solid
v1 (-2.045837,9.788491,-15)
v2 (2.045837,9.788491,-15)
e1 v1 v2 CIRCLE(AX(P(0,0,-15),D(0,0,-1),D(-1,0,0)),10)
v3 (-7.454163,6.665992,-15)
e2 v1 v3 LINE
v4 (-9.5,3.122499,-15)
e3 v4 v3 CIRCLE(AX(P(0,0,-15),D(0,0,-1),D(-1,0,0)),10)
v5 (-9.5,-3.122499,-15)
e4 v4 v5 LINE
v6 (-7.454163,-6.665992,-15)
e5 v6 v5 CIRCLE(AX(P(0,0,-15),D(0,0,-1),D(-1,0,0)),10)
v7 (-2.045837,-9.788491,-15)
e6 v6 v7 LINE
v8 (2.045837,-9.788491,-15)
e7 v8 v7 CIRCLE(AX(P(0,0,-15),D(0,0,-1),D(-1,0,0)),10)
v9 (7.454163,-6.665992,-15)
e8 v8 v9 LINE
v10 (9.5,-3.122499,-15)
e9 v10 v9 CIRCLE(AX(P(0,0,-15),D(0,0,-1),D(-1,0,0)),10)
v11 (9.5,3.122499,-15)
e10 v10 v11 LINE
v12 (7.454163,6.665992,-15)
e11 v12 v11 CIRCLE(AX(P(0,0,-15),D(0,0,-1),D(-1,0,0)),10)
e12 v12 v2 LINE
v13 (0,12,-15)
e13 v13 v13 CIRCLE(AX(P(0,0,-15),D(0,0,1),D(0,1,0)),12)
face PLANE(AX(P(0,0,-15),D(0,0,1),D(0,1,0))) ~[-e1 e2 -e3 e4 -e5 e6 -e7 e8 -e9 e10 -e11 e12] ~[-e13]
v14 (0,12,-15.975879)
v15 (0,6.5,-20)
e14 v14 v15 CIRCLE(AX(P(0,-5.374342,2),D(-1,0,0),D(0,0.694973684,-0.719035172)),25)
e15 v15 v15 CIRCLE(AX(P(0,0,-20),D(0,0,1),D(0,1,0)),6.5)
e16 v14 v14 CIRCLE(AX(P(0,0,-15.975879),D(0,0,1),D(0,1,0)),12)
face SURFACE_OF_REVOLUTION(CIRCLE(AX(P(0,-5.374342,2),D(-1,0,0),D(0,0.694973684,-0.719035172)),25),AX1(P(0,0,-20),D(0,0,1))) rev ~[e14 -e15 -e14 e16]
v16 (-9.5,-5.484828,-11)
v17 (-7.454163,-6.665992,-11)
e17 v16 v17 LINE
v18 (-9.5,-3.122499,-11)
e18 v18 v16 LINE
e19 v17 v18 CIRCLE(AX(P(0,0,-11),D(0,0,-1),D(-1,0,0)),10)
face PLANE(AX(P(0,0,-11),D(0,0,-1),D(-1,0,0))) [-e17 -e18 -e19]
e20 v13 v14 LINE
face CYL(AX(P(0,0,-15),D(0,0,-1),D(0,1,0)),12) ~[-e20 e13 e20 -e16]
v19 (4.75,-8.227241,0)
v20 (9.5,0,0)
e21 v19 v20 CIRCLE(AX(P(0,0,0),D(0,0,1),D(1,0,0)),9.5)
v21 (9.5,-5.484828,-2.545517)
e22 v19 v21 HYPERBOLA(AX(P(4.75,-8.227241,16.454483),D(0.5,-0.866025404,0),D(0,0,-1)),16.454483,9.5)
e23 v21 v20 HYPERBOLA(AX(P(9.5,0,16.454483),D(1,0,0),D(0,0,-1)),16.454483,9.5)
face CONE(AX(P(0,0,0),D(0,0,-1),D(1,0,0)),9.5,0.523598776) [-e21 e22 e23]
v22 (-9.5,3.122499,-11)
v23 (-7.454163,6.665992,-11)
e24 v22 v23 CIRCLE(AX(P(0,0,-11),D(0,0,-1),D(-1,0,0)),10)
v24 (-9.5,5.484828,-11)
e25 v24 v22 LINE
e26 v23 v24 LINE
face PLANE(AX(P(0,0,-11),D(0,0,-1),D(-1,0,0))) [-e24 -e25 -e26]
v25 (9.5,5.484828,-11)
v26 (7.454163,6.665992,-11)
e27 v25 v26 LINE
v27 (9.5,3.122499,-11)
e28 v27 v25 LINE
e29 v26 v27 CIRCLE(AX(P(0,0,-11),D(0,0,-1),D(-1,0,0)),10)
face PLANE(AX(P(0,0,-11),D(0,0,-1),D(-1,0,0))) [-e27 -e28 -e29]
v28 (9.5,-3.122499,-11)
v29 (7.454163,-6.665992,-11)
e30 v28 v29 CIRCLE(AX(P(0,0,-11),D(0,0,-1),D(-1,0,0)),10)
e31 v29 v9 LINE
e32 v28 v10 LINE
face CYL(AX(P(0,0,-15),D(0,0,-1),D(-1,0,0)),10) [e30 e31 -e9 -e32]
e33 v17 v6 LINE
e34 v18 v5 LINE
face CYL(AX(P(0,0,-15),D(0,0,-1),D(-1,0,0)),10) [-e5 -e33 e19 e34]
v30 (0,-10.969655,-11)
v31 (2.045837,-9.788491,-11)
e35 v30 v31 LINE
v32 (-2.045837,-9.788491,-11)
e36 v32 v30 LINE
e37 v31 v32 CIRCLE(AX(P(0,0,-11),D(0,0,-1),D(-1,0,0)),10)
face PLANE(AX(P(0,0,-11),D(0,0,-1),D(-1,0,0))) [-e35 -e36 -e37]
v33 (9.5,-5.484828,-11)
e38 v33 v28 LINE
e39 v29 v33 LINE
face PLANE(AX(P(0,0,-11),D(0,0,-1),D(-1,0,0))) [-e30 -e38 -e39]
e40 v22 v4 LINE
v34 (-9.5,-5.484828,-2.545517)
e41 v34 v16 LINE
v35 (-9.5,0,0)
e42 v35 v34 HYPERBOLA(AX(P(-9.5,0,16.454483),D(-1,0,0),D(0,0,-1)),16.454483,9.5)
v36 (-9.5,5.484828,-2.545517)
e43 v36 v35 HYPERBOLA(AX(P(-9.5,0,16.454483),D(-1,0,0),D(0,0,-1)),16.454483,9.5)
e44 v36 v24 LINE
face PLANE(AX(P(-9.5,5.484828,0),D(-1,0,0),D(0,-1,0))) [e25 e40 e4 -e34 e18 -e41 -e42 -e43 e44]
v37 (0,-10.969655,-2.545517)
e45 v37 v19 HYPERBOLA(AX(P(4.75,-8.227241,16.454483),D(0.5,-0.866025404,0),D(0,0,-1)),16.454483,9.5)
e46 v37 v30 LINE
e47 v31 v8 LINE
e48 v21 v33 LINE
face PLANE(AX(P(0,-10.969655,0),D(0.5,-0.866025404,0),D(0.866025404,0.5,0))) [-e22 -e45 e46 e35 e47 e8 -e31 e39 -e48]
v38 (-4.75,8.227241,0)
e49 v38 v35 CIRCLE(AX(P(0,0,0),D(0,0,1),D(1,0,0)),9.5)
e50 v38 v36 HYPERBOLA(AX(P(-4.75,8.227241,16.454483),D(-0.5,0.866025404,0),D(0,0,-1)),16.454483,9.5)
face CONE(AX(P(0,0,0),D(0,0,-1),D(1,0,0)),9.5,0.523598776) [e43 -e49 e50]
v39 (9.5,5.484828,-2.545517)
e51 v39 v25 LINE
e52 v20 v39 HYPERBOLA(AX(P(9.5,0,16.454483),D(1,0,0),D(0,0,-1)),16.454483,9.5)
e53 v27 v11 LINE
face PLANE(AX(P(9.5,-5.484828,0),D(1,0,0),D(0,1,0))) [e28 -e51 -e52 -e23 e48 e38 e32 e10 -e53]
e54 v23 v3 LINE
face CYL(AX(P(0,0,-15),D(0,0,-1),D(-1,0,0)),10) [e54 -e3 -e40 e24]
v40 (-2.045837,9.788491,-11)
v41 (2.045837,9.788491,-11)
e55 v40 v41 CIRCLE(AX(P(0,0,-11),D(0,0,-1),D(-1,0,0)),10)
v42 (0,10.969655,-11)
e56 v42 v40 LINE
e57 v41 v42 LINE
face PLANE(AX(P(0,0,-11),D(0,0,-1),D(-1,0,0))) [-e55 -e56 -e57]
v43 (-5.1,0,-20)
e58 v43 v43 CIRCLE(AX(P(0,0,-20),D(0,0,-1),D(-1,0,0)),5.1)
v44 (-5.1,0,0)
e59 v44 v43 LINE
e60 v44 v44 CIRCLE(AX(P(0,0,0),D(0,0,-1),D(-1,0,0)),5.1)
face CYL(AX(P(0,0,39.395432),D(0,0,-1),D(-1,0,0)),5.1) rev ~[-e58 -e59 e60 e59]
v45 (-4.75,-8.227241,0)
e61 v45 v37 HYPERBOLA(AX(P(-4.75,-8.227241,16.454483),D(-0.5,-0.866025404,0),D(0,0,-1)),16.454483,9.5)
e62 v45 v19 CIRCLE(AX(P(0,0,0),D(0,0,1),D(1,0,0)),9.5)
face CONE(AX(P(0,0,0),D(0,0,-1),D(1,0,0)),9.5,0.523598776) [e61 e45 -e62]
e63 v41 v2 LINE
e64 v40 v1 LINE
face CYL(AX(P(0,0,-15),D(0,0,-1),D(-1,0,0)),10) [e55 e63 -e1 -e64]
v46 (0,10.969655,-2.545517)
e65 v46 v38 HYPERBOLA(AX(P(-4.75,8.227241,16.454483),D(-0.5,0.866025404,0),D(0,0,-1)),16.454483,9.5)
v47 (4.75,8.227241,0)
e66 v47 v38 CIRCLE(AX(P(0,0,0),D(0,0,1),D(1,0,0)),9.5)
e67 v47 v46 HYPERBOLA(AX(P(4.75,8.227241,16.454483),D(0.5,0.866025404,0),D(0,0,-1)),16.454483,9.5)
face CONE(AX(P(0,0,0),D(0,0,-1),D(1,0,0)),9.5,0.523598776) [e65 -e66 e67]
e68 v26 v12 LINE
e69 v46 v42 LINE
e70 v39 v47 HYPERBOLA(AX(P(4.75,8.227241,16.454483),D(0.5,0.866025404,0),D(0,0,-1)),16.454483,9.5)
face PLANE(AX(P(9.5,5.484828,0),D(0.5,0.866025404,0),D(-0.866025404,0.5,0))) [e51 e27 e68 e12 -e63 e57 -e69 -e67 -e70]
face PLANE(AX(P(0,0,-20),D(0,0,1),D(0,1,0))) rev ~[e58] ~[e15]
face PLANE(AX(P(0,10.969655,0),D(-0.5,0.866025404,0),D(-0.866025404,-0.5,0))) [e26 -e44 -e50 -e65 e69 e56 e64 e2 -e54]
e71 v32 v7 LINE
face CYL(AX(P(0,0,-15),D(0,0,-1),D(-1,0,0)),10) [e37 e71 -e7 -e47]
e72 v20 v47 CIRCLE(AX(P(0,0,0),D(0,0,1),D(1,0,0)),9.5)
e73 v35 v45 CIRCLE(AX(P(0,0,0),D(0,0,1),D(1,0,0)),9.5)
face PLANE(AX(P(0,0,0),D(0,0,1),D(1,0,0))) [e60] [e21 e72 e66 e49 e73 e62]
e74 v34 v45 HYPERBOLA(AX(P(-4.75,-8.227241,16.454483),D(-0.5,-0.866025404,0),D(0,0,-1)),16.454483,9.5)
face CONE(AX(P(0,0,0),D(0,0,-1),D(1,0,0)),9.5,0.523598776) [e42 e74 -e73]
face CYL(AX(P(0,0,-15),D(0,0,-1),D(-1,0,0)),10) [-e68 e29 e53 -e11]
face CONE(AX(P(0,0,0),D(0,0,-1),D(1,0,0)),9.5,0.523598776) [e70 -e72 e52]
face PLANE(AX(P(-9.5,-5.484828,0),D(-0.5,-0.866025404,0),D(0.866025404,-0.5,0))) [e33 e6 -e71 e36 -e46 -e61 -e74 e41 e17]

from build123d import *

# Parameters (mm, degrees)
EXTRUDE_1_DEPTH     = 15
SKETCH_2_OUTSIDE_W  = 27.534
SKETCH_2_OUTSIDE_H  = 30.474
SKETCH_2_OUTSIDE_R  = 10
CUT_EXTRUDE_1_DEPTH = 4
SKETCH_4_OUTSIDE_W  = 65.322
SKETCH_4_OUTSIDE_H  = 65.322
SKETCH_4_OUTSIDE_R  = 9.5
CUT_EXTRUDE_2_DEPTH = 27.229754265
CUT_EXTRUDE_2_DRAFT = -30
HOLE_WIZARD_M12_1_D = 10.2


with BuildPart() as part:
    # 草图1 → 凸台-拉伸1 (new body)
    with BuildSketch(Plane.XY):
        Polygon((0, 10.969655115), (-9.5, 5.484827557), (-9.5, -5.484827557), (0, -10.969655115), (9.5, -5.484827557), (9.5, 5.484827557), align=None)
    extrude(amount=-EXTRUDE_1_DEPTH)

    # 草图2 outside → 切除-拉伸1 (cut)
    with BuildSketch(Plane(origin=(0, 0, -15), x_dir=(-1, 0, 0), z_dir=(0, 0, -1))):
        Rectangle(SKETCH_2_OUTSIDE_W, SKETCH_2_OUTSIDE_H)
        Circle(SKETCH_2_OUTSIDE_R, mode=Mode.SUBTRACT)
    extrude(amount=-CUT_EXTRUDE_1_DEPTH, mode=Mode.SUBTRACT)

    # 草图3 → 旋转1 (revolve)
    with BuildSketch(Plane(origin=(0, 0, 0), x_dir=(0, 0, -1), z_dir=(1, 0, 0))):
        with BuildLine():
            Line((15, 0), (15, 12))
            Line((15, 12), (15.975879312, 12))
            ThreePointArc((15.975879312, 12), (18.176229373, 9.387763735), (20, 6.5))
            Line((20, 6.5), (20, 0))
            Line((20, 0), (15, 0))
        make_face()
    revolve(axis=Axis((0, 0, -20), (0, 0, 1)))


with BuildPart() as cut_extrude_2_tool:
    # 草图4 outside → 切除-拉伸2 (with draft: the straight prism first)
    with BuildSketch(Plane.XY):
        Rectangle(SKETCH_4_OUTSIDE_W, SKETCH_4_OUTSIDE_H)
        Circle(SKETCH_4_OUTSIDE_R, mode=Mode.SUBTRACT)
    extrude(amount=-CUT_EXTRUDE_2_DEPTH)
    # 切除-拉伸2: the draft: its side faces are tilted about the plane it starts from
    cut_extrude_2_sides = [cut_extrude_2_tool.faces().sort_by_distance(p)[0] for p in [
        (0, -32.661, -13.614877132),
        (32.661, 0, -13.614877132),
        (0, 32.661, -13.614877132),
        (-32.661, 0, -13.614877132),
        (-9.5, 0, -13.614877132),
    ]]
    draft(cut_extrude_2_sides, Plane.XY, CUT_EXTRUDE_2_DRAFT)


with BuildPart() as part_1:
    add(part.part)

    # 切除-拉伸2: cut by cut_extrude_2_tool
    add(cut_extrude_2_tool.part, mode=Mode.SUBTRACT)

    # M12 螺纹孔1 (through all)
    with Locations(Plane.XY):
        with Locations((0, 0)):
            Hole(HOLE_WIZARD_M12_1_D / 2)


solid = part_1.part
